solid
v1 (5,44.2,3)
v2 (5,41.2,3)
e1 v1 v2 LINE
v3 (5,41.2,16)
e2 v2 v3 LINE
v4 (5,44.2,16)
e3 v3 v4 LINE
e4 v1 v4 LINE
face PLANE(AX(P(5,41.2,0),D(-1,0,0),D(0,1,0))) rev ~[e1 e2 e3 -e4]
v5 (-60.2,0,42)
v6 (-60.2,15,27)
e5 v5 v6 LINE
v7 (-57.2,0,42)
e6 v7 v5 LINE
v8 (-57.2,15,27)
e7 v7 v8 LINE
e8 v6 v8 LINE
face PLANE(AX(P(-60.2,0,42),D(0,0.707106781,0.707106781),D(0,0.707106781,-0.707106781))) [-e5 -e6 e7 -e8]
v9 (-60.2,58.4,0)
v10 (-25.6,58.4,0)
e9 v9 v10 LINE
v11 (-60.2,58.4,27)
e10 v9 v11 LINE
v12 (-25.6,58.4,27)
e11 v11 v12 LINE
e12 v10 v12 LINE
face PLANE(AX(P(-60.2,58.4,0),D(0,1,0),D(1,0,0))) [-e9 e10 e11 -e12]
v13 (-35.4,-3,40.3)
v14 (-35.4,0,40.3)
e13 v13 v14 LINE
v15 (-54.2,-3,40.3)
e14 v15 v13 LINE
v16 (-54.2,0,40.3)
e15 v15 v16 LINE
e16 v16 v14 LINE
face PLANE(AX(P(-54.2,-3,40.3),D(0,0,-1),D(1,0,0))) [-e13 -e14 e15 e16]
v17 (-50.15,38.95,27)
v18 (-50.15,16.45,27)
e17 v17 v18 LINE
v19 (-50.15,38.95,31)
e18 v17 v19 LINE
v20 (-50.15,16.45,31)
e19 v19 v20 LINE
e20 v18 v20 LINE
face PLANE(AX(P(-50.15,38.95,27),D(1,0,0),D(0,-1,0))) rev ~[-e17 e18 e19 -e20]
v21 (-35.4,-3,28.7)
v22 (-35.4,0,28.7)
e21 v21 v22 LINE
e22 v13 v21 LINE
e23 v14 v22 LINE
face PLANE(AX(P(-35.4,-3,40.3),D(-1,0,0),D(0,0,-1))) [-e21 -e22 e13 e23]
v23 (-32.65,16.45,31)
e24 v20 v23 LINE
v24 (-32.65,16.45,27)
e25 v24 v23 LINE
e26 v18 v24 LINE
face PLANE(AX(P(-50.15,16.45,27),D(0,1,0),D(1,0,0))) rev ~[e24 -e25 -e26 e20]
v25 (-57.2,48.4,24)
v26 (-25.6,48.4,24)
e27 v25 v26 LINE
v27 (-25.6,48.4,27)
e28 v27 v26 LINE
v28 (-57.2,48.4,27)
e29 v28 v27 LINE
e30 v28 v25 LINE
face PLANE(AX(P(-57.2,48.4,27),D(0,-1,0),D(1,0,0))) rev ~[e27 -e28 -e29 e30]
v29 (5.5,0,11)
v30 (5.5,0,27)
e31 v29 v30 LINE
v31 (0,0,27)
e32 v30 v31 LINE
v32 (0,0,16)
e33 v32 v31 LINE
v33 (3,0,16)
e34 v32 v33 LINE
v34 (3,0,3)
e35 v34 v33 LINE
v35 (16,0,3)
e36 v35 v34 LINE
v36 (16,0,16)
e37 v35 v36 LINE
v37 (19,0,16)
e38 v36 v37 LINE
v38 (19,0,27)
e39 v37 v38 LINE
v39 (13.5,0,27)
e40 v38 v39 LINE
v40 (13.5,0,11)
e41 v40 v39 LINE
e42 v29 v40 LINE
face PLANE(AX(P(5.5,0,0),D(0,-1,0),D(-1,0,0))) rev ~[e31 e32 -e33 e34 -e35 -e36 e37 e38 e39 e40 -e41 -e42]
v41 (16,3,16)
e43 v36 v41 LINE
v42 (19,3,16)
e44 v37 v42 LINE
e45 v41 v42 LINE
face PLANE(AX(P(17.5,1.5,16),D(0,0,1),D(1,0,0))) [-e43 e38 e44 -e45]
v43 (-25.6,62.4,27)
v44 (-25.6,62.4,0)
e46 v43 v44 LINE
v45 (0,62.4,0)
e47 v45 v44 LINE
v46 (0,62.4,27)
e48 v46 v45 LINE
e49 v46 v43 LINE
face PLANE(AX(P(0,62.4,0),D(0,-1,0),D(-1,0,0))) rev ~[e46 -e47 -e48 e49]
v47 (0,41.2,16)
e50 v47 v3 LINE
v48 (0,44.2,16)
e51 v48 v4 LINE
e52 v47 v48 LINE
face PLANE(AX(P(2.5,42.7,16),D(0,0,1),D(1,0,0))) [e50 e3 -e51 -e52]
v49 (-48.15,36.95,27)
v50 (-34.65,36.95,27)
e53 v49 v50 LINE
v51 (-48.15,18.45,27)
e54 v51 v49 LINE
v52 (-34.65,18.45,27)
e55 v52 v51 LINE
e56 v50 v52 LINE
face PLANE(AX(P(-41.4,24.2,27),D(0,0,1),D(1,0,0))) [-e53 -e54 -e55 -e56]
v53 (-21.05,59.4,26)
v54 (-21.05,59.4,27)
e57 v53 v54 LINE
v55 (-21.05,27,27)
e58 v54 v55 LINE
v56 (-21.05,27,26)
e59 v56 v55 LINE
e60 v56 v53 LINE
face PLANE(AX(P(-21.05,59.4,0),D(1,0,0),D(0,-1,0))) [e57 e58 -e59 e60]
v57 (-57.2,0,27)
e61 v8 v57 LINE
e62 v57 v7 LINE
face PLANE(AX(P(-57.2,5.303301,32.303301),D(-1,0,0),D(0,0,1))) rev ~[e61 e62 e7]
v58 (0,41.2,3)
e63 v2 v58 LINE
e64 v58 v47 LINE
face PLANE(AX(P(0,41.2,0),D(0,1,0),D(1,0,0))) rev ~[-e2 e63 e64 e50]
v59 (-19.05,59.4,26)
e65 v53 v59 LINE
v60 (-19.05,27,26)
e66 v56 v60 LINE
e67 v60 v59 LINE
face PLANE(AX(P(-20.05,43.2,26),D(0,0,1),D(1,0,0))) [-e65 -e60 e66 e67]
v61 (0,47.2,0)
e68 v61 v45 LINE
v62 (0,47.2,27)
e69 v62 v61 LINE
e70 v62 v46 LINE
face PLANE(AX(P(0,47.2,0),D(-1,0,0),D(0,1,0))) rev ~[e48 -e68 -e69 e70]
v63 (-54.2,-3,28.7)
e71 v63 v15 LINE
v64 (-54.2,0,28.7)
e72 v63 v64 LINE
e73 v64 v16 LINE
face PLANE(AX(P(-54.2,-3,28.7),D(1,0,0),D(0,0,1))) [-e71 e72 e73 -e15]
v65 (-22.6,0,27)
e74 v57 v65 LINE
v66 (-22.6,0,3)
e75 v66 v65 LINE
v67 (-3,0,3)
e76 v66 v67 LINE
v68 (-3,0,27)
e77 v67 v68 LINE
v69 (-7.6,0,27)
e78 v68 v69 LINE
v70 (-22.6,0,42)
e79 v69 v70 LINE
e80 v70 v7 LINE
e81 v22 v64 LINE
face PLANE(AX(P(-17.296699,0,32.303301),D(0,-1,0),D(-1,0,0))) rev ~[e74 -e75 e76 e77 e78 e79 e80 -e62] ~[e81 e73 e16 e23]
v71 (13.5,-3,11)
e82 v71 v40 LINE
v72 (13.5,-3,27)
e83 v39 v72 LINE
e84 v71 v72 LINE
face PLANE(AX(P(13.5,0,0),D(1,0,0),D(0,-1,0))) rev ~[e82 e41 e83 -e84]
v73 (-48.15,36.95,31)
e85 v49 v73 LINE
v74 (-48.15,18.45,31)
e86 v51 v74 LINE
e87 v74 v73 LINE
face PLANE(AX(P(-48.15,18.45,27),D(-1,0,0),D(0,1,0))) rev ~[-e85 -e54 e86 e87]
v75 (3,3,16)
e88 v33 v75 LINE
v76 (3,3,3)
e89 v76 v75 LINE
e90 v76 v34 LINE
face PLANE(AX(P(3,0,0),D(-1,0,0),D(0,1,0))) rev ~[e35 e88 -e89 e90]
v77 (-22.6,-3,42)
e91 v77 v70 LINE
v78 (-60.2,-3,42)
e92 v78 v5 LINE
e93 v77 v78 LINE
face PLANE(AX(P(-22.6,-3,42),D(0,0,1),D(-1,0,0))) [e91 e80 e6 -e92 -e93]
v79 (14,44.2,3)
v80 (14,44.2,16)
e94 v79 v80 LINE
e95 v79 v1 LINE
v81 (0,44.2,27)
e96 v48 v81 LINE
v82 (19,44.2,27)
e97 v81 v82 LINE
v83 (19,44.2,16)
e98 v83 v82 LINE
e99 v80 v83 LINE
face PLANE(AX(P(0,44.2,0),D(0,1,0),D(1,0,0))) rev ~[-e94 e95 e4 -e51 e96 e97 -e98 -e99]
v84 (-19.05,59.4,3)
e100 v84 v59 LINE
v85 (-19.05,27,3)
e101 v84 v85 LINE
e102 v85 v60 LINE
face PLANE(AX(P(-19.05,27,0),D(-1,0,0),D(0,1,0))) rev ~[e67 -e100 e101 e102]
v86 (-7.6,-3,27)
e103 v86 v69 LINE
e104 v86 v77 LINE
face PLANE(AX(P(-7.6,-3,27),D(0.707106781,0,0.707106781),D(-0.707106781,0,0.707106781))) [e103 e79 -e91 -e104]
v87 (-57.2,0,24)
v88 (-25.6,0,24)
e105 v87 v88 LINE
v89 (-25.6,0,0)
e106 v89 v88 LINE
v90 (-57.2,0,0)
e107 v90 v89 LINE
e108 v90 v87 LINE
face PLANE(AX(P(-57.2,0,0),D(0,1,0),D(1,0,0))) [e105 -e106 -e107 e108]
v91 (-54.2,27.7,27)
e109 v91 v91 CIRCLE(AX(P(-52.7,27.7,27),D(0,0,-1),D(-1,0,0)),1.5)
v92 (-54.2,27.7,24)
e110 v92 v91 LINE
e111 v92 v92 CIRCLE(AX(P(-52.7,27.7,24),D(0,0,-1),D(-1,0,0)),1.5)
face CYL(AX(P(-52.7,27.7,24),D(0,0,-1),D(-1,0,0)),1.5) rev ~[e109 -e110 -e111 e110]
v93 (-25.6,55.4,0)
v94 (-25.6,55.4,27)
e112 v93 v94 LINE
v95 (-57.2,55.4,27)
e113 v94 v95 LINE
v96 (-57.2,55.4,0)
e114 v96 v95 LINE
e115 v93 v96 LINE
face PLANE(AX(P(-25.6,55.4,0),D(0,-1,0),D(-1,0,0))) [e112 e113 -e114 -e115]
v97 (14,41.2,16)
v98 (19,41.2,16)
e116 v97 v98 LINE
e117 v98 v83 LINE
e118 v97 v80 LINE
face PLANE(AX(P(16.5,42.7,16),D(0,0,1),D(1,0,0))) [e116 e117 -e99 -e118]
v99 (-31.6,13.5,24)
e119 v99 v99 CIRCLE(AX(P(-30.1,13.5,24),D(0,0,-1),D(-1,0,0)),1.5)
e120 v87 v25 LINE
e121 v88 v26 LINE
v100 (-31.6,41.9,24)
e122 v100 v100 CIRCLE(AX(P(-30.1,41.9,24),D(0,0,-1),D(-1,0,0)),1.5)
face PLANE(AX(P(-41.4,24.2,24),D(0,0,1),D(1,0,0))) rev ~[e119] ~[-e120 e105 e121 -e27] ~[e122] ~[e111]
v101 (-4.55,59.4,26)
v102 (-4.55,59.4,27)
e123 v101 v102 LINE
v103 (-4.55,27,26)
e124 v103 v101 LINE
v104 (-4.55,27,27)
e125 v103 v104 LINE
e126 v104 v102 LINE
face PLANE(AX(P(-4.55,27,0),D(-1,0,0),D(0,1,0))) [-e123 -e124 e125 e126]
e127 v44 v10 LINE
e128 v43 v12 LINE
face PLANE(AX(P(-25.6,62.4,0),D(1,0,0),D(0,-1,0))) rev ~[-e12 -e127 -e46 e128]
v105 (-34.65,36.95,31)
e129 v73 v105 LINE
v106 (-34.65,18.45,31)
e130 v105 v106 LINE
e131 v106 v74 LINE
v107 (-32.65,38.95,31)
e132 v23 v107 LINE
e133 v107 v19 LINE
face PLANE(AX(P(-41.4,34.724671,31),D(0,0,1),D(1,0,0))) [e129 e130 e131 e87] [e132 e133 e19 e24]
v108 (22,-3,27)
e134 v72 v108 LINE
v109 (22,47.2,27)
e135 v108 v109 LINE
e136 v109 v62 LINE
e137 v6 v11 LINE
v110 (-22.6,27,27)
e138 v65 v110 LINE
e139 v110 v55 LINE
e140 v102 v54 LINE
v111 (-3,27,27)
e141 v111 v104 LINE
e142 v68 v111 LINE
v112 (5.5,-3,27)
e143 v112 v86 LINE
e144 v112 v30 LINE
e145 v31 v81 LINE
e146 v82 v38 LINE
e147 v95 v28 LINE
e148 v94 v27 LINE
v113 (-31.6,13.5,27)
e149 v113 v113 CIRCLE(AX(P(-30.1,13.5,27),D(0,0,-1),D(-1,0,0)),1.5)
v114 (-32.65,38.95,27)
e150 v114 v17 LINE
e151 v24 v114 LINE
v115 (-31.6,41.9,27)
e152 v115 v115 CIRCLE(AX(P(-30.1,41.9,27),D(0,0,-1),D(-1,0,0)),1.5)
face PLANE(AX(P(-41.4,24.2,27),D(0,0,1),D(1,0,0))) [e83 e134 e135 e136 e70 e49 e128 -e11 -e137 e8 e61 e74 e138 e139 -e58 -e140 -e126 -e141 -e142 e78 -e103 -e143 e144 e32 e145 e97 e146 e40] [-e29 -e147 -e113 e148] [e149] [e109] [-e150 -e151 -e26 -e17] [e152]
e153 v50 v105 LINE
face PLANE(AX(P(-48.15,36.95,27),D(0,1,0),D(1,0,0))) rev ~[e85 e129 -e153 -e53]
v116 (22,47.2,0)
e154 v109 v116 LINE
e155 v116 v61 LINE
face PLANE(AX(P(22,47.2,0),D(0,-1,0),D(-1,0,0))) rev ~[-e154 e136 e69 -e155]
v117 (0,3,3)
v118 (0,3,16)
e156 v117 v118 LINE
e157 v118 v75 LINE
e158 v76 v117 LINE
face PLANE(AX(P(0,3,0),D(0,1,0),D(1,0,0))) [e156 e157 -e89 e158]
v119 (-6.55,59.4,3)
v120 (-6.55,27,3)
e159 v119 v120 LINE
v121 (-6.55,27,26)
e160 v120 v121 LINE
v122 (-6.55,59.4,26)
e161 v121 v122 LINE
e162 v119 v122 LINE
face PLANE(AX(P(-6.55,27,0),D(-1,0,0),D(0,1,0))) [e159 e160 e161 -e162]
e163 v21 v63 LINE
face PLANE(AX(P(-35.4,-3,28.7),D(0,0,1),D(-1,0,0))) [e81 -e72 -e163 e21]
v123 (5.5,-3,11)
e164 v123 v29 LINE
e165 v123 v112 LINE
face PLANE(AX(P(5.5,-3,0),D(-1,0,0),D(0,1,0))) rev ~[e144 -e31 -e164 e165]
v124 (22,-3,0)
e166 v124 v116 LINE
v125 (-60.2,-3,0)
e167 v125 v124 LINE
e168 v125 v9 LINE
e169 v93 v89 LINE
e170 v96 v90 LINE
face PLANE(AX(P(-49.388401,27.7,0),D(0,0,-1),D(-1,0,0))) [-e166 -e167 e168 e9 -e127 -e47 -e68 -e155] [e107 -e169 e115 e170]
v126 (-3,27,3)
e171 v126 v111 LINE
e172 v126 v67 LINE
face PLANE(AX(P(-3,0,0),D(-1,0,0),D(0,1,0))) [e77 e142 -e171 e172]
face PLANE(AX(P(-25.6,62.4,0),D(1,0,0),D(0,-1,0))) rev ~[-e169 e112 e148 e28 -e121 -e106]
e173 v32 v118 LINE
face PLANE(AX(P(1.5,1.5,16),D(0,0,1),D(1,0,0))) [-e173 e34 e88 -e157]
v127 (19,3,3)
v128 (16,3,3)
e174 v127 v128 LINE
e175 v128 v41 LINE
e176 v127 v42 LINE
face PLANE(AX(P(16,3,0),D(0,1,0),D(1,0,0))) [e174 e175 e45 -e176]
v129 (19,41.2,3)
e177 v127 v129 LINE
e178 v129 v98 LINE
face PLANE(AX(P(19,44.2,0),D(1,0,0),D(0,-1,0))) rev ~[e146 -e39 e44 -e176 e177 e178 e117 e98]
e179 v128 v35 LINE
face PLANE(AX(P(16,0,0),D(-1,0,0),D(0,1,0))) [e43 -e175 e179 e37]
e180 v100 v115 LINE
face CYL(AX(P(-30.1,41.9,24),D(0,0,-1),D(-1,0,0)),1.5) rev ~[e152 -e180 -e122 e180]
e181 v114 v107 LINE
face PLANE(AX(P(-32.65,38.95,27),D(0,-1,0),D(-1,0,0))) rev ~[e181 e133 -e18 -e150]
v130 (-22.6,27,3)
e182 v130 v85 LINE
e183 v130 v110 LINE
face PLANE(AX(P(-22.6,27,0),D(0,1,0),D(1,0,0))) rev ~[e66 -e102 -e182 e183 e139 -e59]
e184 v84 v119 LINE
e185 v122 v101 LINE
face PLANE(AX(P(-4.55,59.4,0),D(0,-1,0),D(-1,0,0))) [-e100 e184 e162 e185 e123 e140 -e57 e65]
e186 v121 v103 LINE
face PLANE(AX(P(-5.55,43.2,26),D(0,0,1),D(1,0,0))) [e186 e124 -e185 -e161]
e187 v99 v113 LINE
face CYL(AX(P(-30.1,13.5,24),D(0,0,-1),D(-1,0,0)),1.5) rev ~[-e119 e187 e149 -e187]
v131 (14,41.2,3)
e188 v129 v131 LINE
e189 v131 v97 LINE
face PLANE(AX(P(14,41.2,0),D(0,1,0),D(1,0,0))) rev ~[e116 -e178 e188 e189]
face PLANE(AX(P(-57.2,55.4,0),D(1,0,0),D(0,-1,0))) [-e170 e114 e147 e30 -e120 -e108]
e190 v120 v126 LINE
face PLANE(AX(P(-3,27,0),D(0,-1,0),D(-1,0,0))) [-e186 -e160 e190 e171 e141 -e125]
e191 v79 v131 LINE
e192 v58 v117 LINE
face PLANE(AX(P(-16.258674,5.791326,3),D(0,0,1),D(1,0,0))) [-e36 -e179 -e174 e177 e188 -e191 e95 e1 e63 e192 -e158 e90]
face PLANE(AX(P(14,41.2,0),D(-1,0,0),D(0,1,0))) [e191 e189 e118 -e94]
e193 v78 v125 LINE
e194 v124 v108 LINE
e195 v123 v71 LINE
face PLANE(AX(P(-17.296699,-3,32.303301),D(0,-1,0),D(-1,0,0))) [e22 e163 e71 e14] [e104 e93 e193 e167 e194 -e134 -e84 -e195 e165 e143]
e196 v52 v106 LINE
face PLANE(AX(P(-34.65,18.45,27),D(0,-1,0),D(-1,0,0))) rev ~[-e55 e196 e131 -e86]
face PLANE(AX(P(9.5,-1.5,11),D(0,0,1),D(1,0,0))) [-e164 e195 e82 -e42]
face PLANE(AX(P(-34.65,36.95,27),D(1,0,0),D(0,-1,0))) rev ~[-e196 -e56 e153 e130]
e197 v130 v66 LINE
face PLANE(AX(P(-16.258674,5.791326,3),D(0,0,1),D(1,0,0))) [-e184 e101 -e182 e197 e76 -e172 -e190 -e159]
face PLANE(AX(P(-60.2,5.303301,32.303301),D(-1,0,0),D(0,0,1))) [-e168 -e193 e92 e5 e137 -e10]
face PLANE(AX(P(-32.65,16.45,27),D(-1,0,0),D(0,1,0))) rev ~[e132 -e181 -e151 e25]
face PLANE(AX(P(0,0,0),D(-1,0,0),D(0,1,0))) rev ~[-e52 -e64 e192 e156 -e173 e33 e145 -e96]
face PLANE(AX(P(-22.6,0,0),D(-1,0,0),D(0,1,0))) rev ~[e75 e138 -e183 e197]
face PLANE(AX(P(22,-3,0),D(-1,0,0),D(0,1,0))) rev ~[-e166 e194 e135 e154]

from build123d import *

# Parameters (mm, degrees)
SKETCH1_W            = 2
SKETCH1_H            = 32.4
SKETCH1_W_2          = 5
SKETCH1_H_2          = 3
SKETCH1_W_3          = 3
SKETCH1_W_4          = 8
BOSS_EXTRUDE1_DEPTH  = 3
BOSS_EXTRUDE2_DEPTH  = 27
SKETCH1_4_W          = 5
SKETCH1_4_H          = 3
SKETCH1_4_W_2        = 3
BOSS_EXTRUDE3_DEPTH  = 16
SKETCH1_5_W          = 8
SKETCH1_5_H          = 3
BOSS_EXTRUDE4_DEPTH  = 11
SKETCH1_6_W          = 2
SKETCH1_6_H          = 32.4
BOSS_EXTRUDE5_DEPTH  = 26
BOSS_EXTRUDE6_DEPTH  = 27
SKETCH3_W            = 31.6
SKETCH3_H            = 48.4
BOSS_EXTRUDE7_DEPTH  = 3
BOSS_EXTRUDE8_DEPTH  = 3
BOSS_EXTRUDE9_DEPTH  = 3
SKETCH6_R            = 1.5
CUT_EXTRUDE1_DEPTH   = 10
SKETCH7_W            = 2
SKETCH7_H            = 9.25
BOSS_EXTRUDE10_DEPTH = 4


with BuildPart() as part:
    # Sketch1 → Boss-Extrude1 (new body)
    with BuildSketch(Plane.XY):
        Polygon((3, 0), (0, 0), (-3, 0), (-22.6, 0), (-22.6, 27), (-25.6, 27), (-25.6, -3), (0, -3), (5.5, -3), (5.5, 0), align=None)
        Polygon((0, 62.4), (0, 47.2), (0, 44.2), (0, 41.2), (0, 3), (0, 0), (-3, 0), (-3, 27), (-4.55, 27), (-4.55, 59.4), (-21.05, 59.4), (-21.05, 27), (-22.6, 27), (-25.6, 27), (-25.6, 59.4), (-25.6, 62.4), (-4.55, 62.4), align=None)
        with Locations((-20.05, 43.2)):
            Rectangle(SKETCH1_W, SKETCH1_H)
        Polygon((-22.6, 0), (-3, 0), (-3, 27), (-4.55, 27), (-6.55, 27), (-6.55, 59.4), (-19.05, 59.4), (-19.05, 27), (-21.05, 27), (-22.6, 27), align=None)
        with Locations((2.5, 42.7)):
            Rectangle(SKETCH1_W_2, SKETCH1_H_2)
        Polygon((0, 47.2), (0, 44.2), (5, 44.2), (14, 44.2), (19, 44.2), (19, 41.2), (19, 3), (19, 0), (22, 0), (22, 44.2), (22, 47.2), align=None)
        with Locations((16.5, 42.7)):
            Rectangle(SKETCH1_W_2, SKETCH1_H_2)
        Polygon((3, 3), (3, 0), (5.5, 0), (13.5, 0), (16, 0), (16, 3), (19, 3), (19, 41.2), (14, 41.2), (14, 44.2), (5, 44.2), (5, 41.2), (0, 41.2), (0, 3), align=None)
        with Locations((17.5, 1.5)):
            Rectangle(SKETCH1_W_3, SKETCH1_H_2)
        Polygon((16, 0), (13.5, 0), (13.5, -3), (22, -3), (22, 0), (19, 0), align=None)
        with Locations((1.5, 1.5)):
            Rectangle(SKETCH1_W_3, SKETCH1_H_2)
        with Locations((9.5, -1.5)):
            Rectangle(SKETCH1_W_4, SKETCH1_H_2)
        with Locations((-5.55, 43.2)):
            Rectangle(SKETCH1_W, SKETCH1_H)
    extrude(amount=BOSS_EXTRUDE1_DEPTH)

    # Sketch1<3> → Boss-Extrude2 (add)
    with BuildSketch(Plane.XY):
        Polygon((0, 62.4), (0, 47.2), (0, 44.2), (0, 41.2), (0, 3), (0, 0), (-3, 0), (-3, 27), (-4.55, 27), (-4.55, 59.4), (-21.05, 59.4), (-21.05, 27), (-22.6, 27), (-25.6, 27), (-25.6, 59.4), (-25.6, 62.4), (-4.55, 62.4), align=None)
        Polygon((3, 0), (0, 0), (-3, 0), (-22.6, 0), (-22.6, 27), (-25.6, 27), (-25.6, -3), (0, -3), (5.5, -3), (5.5, 0), align=None)
        Polygon((16, 0), (13.5, 0), (13.5, -3), (22, -3), (22, 0), (19, 0), align=None)
        Polygon((0, 47.2), (0, 44.2), (5, 44.2), (14, 44.2), (19, 44.2), (19, 41.2), (19, 3), (19, 0), (22, 0), (22, 44.2), (22, 47.2), align=None)
    extrude(amount=BOSS_EXTRUDE2_DEPTH)

    # Sketch1<4> → Boss-Extrude3 (add)
    with BuildSketch(Plane.XY):
        with Locations((2.5, 42.7)):
            Rectangle(SKETCH1_4_W, SKETCH1_4_H)
        with Locations((16.5, 42.7)):
            Rectangle(SKETCH1_4_W, SKETCH1_4_H)
        with Locations((17.5, 1.5)):
            Rectangle(SKETCH1_4_W_2, SKETCH1_4_H)
        with Locations((1.5, 1.5)):
            Rectangle(SKETCH1_4_W_2, SKETCH1_4_H)
    extrude(amount=BOSS_EXTRUDE3_DEPTH)

    # Sketch1<5> → Boss-Extrude4 (add)
    with BuildSketch(Plane.XY):
        with Locations((9.5, -1.5)):
            Rectangle(SKETCH1_5_W, SKETCH1_5_H)
    extrude(amount=BOSS_EXTRUDE4_DEPTH)

    # Sketch1<6> → Boss-Extrude5 (add)
    with BuildSketch(Plane.XY):
        with Locations((-5.55, 43.2)):
            Rectangle(SKETCH1_6_W, SKETCH1_6_H)
        with Locations((-20.05, 43.2)):
            Rectangle(SKETCH1_6_W, SKETCH1_6_H)
    extrude(amount=BOSS_EXTRUDE5_DEPTH)

    # Sketch2 → Boss-Extrude6 (add)
    with BuildSketch(Plane(origin=(0, 0, 0), x_dir=(-1, 0, 0), z_dir=(0, 0, -1))):
        Polygon((25.6, 0), (25.6, -3), (60.2, -3), (60.2, 58.4), (25.6, 58.4), (25.6, 55.4), (57.2, 55.4), (57.2, 48.4), (57.2, 0), align=None)
    extrude(amount=-BOSS_EXTRUDE6_DEPTH)

    # Sketch3 → Boss-Extrude7 (add)
    with BuildSketch(Plane.XY.offset(27)):
        with Locations((-41.4, 24.2)):
            Rectangle(SKETCH3_W, SKETCH3_H)
    extrude(amount=-BOSS_EXTRUDE7_DEPTH)

    # Sketch4 → Boss-Extrude8 (add)
    with BuildSketch(Plane(origin=(0, -3, 0), x_dir=(-1, 0, 0), z_dir=(0, -1, 0))):
        Polygon((22.6, -42), (22.6, -27), (7.6, -27), align=None)
        Polygon((53.32802139, -27), (22.6, -27), (22.6, -42), (60.2, -42), (60.2, -32.991669089), (54.2, -32.991669089), (54.2, -40.3), (35.4, -40.3), (35.4, -28.7), (53.32802139, -28.7), align=None)
        Polygon((60.2, -27), (53.32802139, -27), (53.32802139, -28.7), (54.2, -28.7), (54.2, -32.991669089), (60.2, -32.991669089), align=None)
    extrude(amount=-BOSS_EXTRUDE8_DEPTH)

    # Sketch5 → Boss-Extrude9 (add)
    with BuildSketch(Plane.ZY.offset(60.2)):
        Polygon((27, 0), (42, 0), (27, 15), align=None)
    extrude(amount=-BOSS_EXTRUDE9_DEPTH)

    # Sketch6 → Cut-Extrude1 (cut)
    with BuildSketch(Plane(origin=(0, 0, 24), x_dir=(-1, 0, 0), z_dir=(0, 0, -1))):
        with Locations((30.1, 41.9)):
            Circle(SKETCH6_R)
        with Locations((30.1, 13.5)):
            Circle(SKETCH6_R)
        with Locations((52.7, 27.7)):
            Circle(SKETCH6_R)
    extrude(amount=-CUT_EXTRUDE1_DEPTH, mode=Mode.SUBTRACT)

    # Sketch7 → Boss-Extrude10 (add)
    with BuildSketch(Plane.XY.offset(27)):
        Polygon((-50.15, 38.95), (-50.15, 27.7), (-48.15, 27.7), (-48.15, 36.95), (-41.4, 36.95), (-34.65, 36.95), (-34.65, 27.7), (-32.65, 27.7), (-32.65, 36.95), (-32.65, 38.95), (-48.15, 38.95), align=None)
        Polygon((-48.15, 27.7), (-50.15, 27.7), (-50.15, 18.45), (-50.15, 16.45), (-32.65, 16.45), (-32.65, 18.45), (-34.65, 18.45), (-41.4, 18.45), (-48.15, 18.45), align=None)
        with Locations((-33.65, 23.075)):
            Rectangle(SKETCH7_W, SKETCH7_H)
    extrude(amount=BOSS_EXTRUDE10_DEPTH)


solid = part.part
